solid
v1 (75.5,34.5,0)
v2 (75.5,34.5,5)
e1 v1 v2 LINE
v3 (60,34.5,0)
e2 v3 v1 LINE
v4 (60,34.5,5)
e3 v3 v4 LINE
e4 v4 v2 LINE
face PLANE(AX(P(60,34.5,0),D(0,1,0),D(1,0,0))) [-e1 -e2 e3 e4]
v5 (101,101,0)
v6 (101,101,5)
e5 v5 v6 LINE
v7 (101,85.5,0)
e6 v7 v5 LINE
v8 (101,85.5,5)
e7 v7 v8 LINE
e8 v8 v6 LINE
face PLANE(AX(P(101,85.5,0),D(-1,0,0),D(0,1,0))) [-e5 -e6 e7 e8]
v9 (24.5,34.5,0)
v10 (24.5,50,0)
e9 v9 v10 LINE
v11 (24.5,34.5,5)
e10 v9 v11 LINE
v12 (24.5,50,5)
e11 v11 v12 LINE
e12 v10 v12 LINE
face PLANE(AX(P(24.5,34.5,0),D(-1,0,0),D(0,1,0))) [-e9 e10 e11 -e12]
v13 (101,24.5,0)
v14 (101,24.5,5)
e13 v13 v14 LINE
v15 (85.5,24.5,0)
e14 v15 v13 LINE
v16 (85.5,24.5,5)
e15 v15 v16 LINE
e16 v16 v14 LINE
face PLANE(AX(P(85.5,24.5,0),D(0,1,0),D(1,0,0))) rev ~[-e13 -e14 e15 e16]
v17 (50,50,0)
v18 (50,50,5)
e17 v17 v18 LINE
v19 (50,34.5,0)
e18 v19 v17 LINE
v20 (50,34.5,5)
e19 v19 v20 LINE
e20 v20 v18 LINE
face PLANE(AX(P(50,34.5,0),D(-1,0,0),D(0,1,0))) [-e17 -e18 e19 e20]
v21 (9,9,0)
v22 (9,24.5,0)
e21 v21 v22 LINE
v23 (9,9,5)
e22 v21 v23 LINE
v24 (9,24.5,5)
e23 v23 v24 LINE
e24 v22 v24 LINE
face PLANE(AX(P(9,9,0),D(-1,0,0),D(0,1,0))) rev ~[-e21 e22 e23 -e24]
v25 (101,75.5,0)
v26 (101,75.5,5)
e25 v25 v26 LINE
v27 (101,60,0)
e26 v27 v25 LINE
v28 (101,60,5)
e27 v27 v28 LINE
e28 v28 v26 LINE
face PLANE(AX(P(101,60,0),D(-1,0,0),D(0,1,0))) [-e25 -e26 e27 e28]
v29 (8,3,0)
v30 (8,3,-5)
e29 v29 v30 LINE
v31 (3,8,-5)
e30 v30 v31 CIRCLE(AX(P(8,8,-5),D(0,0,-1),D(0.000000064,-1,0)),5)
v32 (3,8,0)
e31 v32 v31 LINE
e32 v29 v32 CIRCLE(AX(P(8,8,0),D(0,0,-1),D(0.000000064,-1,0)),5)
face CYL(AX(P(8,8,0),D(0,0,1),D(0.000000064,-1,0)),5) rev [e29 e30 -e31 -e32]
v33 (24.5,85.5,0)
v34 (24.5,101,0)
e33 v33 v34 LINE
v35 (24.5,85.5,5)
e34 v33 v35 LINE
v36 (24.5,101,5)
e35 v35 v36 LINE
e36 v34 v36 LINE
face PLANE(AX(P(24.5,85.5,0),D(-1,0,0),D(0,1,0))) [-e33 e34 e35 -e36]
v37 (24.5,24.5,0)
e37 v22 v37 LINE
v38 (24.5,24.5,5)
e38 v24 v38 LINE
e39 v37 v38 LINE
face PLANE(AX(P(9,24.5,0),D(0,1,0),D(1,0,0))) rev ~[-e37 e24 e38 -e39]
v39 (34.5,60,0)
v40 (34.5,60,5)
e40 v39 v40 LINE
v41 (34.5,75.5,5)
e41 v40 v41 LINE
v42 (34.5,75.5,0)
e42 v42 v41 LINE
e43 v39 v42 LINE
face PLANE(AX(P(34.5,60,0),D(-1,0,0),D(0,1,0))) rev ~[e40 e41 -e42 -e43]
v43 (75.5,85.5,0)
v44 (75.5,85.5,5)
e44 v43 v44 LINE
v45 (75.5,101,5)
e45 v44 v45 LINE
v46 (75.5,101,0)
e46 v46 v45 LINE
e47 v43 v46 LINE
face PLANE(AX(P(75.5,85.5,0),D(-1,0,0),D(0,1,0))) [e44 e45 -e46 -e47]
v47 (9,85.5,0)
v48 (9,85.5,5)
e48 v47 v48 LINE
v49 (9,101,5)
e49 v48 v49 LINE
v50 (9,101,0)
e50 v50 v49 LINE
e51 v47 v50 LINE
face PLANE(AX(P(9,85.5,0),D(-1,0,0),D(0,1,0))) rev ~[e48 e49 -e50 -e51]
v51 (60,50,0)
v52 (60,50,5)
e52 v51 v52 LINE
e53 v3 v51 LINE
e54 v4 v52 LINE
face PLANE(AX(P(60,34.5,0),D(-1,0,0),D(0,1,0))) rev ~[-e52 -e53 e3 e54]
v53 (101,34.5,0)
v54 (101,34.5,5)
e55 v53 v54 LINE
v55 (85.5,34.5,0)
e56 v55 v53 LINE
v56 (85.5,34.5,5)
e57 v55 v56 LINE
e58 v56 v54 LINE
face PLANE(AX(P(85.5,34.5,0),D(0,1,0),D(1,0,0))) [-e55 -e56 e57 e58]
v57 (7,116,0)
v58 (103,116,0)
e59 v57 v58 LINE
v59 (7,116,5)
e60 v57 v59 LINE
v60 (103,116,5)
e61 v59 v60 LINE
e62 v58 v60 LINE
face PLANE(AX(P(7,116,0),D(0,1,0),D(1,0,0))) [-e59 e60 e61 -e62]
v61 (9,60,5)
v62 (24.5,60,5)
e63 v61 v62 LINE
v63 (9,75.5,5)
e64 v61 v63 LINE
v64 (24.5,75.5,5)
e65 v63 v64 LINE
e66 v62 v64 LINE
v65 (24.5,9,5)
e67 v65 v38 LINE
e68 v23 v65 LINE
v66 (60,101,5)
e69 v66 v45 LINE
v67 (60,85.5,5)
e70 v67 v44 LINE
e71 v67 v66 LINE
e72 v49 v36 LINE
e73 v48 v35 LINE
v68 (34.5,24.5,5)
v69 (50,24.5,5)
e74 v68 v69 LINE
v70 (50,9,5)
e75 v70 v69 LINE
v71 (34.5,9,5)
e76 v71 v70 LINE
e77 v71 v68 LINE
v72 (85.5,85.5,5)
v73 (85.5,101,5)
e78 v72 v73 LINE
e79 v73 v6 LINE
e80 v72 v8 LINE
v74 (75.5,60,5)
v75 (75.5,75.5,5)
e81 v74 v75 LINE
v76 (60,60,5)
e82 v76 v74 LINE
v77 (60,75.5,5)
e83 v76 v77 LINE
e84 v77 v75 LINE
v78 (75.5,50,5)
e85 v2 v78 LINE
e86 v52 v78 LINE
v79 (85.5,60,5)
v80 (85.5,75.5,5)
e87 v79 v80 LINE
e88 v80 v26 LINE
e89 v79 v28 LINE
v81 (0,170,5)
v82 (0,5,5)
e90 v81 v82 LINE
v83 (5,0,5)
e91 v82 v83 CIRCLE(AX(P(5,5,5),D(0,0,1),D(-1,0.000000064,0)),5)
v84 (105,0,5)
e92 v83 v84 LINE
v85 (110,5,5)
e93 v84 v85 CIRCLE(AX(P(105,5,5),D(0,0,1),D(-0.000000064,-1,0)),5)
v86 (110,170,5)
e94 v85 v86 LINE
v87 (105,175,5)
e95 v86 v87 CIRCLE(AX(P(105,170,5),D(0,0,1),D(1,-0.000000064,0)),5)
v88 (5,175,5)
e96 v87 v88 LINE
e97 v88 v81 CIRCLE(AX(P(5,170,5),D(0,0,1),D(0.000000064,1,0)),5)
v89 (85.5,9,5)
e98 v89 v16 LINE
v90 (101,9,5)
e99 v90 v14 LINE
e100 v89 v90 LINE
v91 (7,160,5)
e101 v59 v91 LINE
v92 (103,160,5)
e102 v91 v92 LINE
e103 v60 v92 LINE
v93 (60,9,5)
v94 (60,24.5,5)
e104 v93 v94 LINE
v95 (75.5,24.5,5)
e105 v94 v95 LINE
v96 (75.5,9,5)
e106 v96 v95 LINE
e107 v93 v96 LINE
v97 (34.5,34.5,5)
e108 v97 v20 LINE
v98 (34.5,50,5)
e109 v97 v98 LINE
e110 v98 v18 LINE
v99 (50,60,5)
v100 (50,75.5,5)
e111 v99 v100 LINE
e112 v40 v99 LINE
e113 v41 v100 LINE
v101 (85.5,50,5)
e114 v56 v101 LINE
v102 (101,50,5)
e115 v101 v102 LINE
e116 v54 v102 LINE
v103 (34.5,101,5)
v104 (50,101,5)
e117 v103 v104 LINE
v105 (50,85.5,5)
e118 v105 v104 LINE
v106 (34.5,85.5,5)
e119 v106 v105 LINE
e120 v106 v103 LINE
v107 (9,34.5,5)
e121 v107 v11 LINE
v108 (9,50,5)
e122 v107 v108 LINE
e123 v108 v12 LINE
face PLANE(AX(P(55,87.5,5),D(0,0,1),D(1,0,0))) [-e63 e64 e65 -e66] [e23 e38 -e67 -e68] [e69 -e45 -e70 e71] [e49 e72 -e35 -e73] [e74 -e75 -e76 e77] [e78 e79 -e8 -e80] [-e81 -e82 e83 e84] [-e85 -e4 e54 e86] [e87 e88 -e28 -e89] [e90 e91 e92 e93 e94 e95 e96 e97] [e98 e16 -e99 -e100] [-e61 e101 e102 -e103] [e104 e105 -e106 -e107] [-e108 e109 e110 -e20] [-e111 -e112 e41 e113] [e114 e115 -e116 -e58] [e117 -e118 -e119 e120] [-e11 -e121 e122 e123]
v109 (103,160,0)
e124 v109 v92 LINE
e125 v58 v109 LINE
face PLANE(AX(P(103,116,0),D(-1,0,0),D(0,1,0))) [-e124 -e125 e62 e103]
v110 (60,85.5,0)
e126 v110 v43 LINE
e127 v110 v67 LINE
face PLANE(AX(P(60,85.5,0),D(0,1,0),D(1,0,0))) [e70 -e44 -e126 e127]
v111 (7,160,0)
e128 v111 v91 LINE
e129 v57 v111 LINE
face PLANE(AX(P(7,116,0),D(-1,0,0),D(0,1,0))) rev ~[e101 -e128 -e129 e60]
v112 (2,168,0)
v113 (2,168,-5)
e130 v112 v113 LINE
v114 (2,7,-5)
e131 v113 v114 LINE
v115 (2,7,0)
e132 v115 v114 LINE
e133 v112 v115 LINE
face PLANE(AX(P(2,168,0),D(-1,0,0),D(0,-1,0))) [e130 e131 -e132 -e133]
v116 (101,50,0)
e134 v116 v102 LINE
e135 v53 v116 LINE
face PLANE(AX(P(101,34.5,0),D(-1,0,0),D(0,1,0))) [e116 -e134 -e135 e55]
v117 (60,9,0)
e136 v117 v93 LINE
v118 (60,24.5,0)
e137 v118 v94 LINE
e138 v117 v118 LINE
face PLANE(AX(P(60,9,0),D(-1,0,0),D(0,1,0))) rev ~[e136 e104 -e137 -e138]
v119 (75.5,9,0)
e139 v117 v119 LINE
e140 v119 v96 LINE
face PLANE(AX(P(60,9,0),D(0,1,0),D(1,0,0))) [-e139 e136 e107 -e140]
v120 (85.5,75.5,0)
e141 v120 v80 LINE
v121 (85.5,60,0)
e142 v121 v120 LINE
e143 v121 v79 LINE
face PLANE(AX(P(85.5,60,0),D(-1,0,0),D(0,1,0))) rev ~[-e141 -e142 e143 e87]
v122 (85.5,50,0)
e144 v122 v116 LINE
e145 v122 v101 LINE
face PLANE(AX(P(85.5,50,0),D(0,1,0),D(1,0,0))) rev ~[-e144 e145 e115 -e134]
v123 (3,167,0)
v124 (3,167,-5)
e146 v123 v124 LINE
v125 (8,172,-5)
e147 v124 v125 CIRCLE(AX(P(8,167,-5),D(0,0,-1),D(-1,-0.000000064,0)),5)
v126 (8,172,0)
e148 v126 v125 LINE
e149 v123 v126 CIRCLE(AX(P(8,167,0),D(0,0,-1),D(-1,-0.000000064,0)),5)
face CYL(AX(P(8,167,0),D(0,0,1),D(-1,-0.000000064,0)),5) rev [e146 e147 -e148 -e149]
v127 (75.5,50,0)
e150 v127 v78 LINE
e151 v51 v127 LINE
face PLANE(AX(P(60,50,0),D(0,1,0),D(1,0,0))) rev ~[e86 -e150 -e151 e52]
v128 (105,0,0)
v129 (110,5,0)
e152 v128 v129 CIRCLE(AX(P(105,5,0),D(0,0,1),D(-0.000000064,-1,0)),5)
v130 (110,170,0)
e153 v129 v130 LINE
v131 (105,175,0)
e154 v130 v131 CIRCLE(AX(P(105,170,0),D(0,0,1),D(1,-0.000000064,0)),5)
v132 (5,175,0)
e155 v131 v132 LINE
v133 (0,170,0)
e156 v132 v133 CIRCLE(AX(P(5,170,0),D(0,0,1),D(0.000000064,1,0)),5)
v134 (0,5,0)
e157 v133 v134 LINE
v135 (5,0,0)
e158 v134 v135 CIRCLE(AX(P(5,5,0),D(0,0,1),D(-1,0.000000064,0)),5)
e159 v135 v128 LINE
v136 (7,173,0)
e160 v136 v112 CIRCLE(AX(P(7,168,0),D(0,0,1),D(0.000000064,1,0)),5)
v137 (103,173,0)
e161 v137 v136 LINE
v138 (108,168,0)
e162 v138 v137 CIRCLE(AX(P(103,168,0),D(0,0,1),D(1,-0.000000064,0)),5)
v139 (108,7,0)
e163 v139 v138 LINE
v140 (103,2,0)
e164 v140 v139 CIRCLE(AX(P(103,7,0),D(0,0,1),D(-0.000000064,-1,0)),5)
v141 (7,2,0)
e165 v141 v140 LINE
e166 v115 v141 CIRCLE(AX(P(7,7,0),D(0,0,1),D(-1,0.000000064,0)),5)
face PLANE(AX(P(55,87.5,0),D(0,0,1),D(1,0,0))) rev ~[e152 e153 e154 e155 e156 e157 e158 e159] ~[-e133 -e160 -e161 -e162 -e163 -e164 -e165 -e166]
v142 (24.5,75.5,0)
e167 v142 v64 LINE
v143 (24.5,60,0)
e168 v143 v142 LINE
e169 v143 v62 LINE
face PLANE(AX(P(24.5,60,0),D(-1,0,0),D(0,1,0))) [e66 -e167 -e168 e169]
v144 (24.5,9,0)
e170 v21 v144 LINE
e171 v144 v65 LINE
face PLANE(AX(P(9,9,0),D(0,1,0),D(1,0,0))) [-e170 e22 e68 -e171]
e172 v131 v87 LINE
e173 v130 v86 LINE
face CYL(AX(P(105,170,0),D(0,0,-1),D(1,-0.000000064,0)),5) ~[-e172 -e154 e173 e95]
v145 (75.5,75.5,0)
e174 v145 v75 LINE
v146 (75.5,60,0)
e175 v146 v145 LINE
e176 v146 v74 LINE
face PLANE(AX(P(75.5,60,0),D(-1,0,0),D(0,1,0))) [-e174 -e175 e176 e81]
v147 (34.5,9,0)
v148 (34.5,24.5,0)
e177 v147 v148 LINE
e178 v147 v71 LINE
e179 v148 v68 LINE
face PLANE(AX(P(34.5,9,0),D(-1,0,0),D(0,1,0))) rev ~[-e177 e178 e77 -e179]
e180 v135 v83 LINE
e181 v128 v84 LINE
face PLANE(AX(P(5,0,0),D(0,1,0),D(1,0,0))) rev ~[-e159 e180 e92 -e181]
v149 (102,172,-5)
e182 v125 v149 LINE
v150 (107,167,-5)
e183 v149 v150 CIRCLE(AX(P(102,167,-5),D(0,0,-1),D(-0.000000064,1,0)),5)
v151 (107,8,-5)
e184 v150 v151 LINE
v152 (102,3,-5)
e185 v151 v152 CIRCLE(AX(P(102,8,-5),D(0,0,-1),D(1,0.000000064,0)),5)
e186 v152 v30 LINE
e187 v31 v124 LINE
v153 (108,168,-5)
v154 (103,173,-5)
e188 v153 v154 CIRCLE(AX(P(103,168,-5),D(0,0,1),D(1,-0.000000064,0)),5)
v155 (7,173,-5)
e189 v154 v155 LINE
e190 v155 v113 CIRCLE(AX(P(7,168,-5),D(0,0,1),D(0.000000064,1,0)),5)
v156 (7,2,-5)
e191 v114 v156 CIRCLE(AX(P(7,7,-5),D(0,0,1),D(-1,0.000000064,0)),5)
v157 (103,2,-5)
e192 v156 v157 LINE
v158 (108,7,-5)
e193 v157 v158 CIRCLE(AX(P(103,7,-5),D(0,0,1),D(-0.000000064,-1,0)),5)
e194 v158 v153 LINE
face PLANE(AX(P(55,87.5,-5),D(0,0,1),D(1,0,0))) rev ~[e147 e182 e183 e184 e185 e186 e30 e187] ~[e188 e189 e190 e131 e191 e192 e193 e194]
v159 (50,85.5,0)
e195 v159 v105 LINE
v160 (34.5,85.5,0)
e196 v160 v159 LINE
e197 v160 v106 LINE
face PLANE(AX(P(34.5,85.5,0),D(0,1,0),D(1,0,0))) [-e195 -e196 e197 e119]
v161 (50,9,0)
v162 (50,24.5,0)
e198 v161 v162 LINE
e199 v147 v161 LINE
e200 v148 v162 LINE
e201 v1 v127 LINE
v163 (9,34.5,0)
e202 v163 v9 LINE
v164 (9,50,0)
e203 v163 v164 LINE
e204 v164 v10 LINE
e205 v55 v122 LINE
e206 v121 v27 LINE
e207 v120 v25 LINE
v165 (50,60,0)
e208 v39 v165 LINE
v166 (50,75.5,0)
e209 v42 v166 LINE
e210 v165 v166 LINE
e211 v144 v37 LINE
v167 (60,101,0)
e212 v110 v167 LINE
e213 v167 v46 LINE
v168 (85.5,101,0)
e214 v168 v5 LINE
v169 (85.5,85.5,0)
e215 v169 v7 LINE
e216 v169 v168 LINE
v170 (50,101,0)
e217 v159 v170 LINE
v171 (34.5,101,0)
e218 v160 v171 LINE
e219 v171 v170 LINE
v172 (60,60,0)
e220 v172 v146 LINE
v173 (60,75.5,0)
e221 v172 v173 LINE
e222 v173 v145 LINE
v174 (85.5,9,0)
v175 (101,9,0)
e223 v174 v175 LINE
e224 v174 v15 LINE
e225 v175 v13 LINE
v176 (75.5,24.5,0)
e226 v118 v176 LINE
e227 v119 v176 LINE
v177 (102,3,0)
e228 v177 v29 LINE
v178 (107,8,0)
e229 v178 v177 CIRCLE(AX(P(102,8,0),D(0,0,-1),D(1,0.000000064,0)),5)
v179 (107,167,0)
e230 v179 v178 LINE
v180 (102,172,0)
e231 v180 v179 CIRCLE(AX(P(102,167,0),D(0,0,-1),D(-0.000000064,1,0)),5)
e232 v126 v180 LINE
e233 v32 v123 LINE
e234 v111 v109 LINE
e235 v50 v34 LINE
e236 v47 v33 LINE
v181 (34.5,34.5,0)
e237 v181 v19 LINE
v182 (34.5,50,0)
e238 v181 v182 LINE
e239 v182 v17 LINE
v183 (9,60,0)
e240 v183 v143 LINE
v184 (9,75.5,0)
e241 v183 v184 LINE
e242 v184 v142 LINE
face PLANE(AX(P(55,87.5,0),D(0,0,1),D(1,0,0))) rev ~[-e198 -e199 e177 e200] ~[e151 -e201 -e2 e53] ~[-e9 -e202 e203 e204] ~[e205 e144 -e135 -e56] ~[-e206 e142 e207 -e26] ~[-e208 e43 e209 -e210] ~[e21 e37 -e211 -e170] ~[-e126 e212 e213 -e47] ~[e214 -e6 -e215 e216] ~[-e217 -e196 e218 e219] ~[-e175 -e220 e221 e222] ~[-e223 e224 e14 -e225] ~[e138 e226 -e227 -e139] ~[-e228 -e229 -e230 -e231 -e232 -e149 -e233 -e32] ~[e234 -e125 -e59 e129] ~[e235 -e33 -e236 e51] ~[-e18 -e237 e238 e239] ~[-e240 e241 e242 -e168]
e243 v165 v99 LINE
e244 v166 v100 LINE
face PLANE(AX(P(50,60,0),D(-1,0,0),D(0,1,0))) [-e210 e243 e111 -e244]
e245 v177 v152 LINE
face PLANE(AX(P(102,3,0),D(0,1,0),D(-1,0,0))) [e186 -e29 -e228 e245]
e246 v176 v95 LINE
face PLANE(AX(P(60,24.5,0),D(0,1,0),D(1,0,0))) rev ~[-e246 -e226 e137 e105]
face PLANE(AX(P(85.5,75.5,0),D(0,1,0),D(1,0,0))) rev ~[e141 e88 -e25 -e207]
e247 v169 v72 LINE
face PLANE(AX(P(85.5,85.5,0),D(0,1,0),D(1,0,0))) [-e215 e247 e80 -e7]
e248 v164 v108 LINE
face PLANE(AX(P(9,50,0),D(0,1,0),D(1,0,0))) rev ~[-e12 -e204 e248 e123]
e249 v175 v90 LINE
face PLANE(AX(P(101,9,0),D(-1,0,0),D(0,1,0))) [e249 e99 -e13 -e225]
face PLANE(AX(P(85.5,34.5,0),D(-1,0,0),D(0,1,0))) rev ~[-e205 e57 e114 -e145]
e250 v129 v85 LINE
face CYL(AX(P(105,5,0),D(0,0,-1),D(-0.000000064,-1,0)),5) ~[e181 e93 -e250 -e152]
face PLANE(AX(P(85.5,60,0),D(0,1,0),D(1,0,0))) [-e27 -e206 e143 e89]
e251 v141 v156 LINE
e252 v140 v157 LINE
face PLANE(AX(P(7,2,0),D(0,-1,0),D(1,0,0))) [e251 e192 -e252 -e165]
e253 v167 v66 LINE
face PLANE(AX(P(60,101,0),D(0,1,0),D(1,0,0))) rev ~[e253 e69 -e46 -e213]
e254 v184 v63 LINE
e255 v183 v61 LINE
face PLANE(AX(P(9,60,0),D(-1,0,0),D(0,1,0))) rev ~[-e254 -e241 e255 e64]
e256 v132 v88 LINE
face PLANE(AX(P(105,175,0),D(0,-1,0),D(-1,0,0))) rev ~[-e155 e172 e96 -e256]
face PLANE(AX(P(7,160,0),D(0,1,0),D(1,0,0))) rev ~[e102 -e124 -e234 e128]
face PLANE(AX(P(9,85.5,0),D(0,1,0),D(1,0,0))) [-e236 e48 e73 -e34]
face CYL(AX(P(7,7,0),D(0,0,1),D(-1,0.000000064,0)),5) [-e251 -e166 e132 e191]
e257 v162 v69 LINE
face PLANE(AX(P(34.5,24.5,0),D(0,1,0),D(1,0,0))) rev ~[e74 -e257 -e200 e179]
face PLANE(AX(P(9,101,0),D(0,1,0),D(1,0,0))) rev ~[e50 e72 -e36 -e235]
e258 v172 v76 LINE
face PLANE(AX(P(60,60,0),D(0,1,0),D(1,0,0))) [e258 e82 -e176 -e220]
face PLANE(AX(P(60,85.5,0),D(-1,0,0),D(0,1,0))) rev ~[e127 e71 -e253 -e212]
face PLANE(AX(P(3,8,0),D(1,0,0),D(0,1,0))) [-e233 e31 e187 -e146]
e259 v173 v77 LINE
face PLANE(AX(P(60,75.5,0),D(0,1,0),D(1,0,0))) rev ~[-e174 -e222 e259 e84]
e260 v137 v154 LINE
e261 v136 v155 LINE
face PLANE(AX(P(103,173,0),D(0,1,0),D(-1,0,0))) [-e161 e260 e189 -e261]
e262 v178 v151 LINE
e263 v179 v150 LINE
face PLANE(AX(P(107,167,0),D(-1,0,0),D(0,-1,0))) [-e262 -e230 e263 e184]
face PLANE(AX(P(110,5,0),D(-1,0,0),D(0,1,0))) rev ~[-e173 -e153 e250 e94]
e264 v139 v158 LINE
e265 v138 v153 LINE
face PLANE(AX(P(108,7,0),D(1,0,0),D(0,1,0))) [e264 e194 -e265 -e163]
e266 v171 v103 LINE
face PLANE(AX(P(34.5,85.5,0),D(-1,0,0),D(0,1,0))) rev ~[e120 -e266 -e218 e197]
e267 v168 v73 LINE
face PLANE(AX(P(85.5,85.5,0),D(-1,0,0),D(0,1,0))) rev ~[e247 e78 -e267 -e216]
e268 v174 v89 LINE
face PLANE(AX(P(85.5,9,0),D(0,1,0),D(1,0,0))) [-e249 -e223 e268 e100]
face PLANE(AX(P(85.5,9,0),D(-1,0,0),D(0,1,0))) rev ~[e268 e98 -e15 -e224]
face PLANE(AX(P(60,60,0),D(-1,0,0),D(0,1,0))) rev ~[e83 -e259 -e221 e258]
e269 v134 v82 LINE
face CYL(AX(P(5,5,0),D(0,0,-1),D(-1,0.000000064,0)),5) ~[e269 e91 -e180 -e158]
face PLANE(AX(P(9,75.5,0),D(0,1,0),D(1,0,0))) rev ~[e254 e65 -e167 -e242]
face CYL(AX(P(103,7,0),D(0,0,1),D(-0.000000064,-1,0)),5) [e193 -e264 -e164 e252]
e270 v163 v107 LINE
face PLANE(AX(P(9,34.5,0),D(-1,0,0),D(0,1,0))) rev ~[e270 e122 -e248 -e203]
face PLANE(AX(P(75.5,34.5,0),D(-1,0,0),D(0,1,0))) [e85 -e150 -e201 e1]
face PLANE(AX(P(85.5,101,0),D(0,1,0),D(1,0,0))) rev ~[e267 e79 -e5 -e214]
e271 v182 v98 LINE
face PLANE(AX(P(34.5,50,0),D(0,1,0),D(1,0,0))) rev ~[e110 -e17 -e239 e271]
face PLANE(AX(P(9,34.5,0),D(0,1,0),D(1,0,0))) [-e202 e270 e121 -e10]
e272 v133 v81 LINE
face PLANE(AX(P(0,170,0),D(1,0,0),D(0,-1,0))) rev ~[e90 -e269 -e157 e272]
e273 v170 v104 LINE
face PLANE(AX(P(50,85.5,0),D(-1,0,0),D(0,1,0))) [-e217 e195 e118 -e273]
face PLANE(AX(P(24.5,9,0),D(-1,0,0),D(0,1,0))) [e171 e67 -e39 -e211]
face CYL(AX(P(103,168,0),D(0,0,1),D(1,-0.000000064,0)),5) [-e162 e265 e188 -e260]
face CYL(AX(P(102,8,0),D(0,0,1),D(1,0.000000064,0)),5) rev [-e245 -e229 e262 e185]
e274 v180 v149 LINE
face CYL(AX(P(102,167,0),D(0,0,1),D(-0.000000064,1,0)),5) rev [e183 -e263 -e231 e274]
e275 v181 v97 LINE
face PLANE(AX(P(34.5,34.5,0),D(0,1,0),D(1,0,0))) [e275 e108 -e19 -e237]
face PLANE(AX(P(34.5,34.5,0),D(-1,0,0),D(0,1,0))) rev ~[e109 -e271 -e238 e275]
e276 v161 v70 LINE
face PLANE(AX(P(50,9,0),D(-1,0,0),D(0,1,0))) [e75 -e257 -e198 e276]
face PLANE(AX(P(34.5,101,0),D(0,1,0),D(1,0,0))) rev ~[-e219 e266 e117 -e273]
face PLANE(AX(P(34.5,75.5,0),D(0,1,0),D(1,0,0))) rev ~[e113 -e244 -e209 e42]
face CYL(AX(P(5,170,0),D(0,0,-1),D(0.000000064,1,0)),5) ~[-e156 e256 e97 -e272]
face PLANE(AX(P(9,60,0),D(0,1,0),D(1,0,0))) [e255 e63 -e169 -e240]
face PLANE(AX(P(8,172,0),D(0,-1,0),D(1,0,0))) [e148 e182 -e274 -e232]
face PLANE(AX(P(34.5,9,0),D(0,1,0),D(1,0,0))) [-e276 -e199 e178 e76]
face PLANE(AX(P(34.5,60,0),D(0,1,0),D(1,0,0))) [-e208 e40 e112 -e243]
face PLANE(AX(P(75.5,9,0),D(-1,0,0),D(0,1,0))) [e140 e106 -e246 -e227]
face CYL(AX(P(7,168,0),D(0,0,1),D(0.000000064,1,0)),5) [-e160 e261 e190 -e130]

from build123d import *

# Parameters (mm, degrees)
F0_W     = 15.5
F0_H     = 15.5
F0_W_2   = 96
F0_H_2   = 44
F1_DEPTH = 5
F3_DEPTH = 5


with BuildPart() as f1:
    # F0 (on Top) → F1 (new body)
    with BuildSketch(Plane.XY):
        with BuildLine():
            ThreePointArc((0, 5), (1.464466, 1.464466), (5, 0))
            Line((5, 0), (105, 0))
            ThreePointArc((105, 0), (108.535534, 1.464466), (110, 5))
            Line((110, 5), (110, 170))
            ThreePointArc((110, 170), (108.535534, 173.535534), (105, 175))
            Line((105, 175), (5, 175))
            ThreePointArc((5, 175), (1.464466, 173.535534), (0, 170))
            Line((0, 170), (0, 5))
        make_face()
        with Locations((16.75, 16.75)):
            Rectangle(F0_W, F0_H, mode=Mode.SUBTRACT)
        with Locations((16.75, 42.25)):
            Rectangle(F0_W, F0_H, mode=Mode.SUBTRACT)
        with Locations((42.25, 16.75)):
            Rectangle(F0_W, F0_H, mode=Mode.SUBTRACT)
        with Locations((42.25, 42.25)):
            Rectangle(F0_W, F0_H, mode=Mode.SUBTRACT)
        with Locations((16.75, 67.75)):
            Rectangle(F0_W, F0_H, mode=Mode.SUBTRACT)
        with Locations((42.25, 67.75)):
            Rectangle(F0_W, F0_H, mode=Mode.SUBTRACT)
        with Locations((67.75, 16.75)):
            Rectangle(F0_W, F0_H, mode=Mode.SUBTRACT)
        with Locations((67.75, 42.25)):
            Rectangle(F0_W, F0_H, mode=Mode.SUBTRACT)
        with Locations((93.25, 16.75)):
            Rectangle(F0_W, F0_H, mode=Mode.SUBTRACT)
        with Locations((93.25, 42.25)):
            Rectangle(F0_W, F0_H, mode=Mode.SUBTRACT)
        with Locations((67.75, 67.75)):
            Rectangle(F0_W, F0_H, mode=Mode.SUBTRACT)
        with Locations((93.25, 67.75)):
            Rectangle(F0_W, F0_H, mode=Mode.SUBTRACT)
        with Locations((16.75, 93.25)):
            Rectangle(F0_W, F0_H, mode=Mode.SUBTRACT)
        with Locations((42.25, 93.25)):
            Rectangle(F0_W, F0_H, mode=Mode.SUBTRACT)
        with Locations((67.75, 93.25)):
            Rectangle(F0_W, F0_H, mode=Mode.SUBTRACT)
        with Locations((93.25, 93.25)):
            Rectangle(F0_W, F0_H, mode=Mode.SUBTRACT)
        with Locations((55, 138)):
            Rectangle(F0_W_2, F0_H_2, mode=Mode.SUBTRACT)
    extrude(amount=F1_DEPTH)

    # F2 (on face) → F3 (join)
    with BuildSketch(Plane.XY):
        with BuildLine():
            ThreePointArc((108, 168), (106.535534, 171.535534), (103, 173))
            Line((103, 173), (7, 173))
            ThreePointArc((7, 173), (3.464466, 171.535534), (2, 168))
            Line((2, 168), (2, 7))
            ThreePointArc((2, 7), (3.464466, 3.464466), (7, 2))
            Line((7, 2), (103, 2))
            ThreePointArc((103, 2), (106.535534, 3.464466), (108, 7))
            Line((108, 7), (108, 168))
        make_face()
        with BuildLine():
            Line((8, 172), (102, 172))
            ThreePointArc((102, 172), (105.535534, 170.535534), (107, 167))
            Line((107, 167), (107, 8))
            ThreePointArc((107, 8), (105.535534, 4.464466), (102, 3))
            Line((102, 3), (8, 3))
            ThreePointArc((8, 3), (4.464466, 4.464466), (3, 8))
            Line((3, 8), (3, 167))
            ThreePointArc((3, 167), (4.464466, 170.535534), (8, 172))
        make_face(mode=Mode.SUBTRACT)
    extrude(amount=-F3_DEPTH)


solid = f1.part
